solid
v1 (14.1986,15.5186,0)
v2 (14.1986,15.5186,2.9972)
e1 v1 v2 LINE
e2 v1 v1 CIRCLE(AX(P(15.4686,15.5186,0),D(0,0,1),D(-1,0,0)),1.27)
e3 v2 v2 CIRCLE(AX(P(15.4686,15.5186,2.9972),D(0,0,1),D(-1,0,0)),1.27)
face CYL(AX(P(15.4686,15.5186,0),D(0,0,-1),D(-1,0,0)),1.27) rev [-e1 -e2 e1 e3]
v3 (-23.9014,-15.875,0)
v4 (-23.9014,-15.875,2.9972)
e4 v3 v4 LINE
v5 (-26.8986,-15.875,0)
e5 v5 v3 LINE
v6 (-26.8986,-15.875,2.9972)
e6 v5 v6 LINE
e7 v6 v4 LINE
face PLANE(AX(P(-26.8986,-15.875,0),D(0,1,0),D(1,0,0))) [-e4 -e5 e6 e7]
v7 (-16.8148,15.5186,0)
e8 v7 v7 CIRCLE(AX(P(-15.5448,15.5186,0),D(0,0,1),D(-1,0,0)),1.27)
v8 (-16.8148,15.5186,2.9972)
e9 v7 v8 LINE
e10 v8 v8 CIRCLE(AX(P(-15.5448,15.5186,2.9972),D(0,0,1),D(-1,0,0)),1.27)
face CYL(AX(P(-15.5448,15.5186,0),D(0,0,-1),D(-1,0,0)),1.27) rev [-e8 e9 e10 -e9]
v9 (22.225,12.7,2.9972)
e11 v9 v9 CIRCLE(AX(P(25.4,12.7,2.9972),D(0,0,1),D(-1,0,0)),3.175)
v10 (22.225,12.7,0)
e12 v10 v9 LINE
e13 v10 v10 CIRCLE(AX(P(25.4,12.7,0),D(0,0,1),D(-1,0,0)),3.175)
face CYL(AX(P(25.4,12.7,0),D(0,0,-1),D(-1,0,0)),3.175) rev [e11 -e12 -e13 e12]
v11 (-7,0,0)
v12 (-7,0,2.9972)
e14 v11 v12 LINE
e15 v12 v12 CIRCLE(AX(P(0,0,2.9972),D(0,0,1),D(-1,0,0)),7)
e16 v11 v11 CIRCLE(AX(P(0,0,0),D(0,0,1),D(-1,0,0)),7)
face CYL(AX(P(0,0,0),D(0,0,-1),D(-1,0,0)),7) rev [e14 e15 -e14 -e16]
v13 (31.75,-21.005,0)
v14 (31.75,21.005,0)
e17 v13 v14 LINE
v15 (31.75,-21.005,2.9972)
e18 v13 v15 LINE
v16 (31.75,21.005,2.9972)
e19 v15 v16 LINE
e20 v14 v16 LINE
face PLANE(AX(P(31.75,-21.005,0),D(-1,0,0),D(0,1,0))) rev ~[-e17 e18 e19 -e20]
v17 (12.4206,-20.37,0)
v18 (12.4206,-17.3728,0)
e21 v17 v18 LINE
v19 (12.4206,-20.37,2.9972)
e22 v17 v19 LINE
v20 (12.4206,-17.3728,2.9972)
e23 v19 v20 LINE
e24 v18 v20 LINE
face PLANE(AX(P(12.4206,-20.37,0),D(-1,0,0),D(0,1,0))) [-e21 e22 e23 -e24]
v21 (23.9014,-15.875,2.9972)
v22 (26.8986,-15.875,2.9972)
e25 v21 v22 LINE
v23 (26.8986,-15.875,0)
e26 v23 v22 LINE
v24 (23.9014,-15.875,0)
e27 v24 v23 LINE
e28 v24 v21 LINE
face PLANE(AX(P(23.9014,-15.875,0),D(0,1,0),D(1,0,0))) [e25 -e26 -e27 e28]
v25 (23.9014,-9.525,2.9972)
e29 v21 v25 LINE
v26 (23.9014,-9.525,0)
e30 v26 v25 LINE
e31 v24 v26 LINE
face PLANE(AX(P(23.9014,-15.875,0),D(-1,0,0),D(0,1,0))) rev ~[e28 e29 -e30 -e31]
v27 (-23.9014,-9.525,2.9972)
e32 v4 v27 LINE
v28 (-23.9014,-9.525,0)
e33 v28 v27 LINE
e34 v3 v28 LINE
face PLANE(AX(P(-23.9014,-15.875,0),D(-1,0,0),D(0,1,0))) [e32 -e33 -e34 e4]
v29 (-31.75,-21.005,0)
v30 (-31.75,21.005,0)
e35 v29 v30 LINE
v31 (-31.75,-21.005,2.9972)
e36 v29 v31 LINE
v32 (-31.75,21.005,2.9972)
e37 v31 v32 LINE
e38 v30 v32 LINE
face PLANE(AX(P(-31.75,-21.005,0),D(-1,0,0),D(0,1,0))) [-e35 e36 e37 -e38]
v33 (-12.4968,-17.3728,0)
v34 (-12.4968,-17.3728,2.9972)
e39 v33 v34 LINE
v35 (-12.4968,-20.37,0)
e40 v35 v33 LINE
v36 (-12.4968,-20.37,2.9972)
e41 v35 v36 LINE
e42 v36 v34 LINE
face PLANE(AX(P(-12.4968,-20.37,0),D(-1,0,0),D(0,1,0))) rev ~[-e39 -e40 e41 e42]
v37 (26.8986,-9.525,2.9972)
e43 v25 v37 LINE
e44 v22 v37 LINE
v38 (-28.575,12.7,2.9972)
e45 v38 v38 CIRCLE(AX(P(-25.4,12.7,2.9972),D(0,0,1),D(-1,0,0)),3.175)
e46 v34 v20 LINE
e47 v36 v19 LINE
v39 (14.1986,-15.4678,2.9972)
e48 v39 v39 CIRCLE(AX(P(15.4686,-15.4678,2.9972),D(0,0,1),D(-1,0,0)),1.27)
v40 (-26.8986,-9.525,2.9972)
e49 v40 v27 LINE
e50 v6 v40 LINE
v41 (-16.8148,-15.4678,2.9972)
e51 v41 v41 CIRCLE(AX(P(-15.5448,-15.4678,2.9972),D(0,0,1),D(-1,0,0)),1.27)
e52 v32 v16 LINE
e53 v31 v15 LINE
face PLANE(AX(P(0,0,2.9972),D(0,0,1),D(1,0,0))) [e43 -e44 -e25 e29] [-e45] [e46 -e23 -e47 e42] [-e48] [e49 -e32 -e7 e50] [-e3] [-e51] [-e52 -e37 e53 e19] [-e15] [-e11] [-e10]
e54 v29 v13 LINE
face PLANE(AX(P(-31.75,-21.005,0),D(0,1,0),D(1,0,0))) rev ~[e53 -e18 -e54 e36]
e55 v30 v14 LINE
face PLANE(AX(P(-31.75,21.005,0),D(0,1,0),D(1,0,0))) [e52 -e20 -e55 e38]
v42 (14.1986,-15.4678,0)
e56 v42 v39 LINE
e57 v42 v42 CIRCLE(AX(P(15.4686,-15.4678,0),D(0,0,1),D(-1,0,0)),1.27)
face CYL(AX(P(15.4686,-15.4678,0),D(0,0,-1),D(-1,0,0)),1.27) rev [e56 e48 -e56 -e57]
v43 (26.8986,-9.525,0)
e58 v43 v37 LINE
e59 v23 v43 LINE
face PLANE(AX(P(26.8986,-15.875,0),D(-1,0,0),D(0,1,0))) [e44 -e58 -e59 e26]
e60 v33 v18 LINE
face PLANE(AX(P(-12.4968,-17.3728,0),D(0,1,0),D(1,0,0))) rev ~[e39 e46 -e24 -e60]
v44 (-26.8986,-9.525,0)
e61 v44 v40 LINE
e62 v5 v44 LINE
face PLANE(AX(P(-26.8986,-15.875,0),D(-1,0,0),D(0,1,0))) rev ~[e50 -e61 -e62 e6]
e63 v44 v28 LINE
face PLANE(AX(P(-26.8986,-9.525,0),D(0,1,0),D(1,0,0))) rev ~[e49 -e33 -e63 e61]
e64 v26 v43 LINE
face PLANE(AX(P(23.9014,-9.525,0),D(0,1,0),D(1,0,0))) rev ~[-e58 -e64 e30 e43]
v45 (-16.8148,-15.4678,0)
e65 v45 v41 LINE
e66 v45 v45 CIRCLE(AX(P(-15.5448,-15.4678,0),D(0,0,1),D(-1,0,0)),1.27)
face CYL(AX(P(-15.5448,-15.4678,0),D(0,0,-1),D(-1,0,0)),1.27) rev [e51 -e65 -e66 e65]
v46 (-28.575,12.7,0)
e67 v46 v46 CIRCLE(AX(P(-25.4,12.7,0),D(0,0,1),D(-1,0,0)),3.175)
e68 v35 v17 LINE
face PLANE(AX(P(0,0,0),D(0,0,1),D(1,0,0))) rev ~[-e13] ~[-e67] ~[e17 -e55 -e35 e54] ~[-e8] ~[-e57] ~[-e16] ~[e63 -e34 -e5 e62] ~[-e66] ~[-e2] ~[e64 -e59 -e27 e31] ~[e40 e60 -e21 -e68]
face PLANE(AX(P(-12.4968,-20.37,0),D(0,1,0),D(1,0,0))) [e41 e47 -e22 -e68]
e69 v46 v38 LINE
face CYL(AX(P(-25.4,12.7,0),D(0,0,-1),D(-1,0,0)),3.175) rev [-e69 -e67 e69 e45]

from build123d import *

# Parameters (mm, degrees)
SKETCH1_W           = 63.5
SKETCH1_H           = 42.01
SKETCH1_R           = 1.27
SKETCH1_R_2         = 3.175
SKETCH1_R_3         = 7
SKETCH1_W_2         = 24.9174
SKETCH1_H_2         = 2.9972
SKETCH1_W_3         = 2.9972
SKETCH1_H_3         = 6.35
BOSS_EXTRUDE1_DEPTH = 2.9972


with BuildPart() as part:
    # Sketch1 → Boss-Extrude1 (new body)
    with BuildSketch(Plane.XY):
        Rectangle(SKETCH1_W, SKETCH1_H)
        with Locations(Location((-15.5448, -15.4678, 0), (0, 0, 180))):
            Circle(SKETCH1_R, mode=Mode.SUBTRACT)
        with Locations(Location((15.4686, -15.4678, 0), (0, 0, 180))):
            Circle(SKETCH1_R, mode=Mode.SUBTRACT)
        with Locations(Location((15.4686, 15.5186, 0), (0, 0, 180))):
            Circle(SKETCH1_R, mode=Mode.SUBTRACT)
        with Locations(Location((-15.5448, 15.5186, 0), (0, 0, 180))):
            Circle(SKETCH1_R, mode=Mode.SUBTRACT)
        with Locations(Location((25.4, 12.7, 0), (0, 0, 180))):
            Circle(SKETCH1_R_2, mode=Mode.SUBTRACT)
        with Locations(Location((0, 0, 0), (0, 0, 180))):
            Circle(SKETCH1_R_3, mode=Mode.SUBTRACT)
        with Locations(Location((-25.4, 12.7, 0), (0, 0, 180))):
            Circle(SKETCH1_R_2, mode=Mode.SUBTRACT)
        with Locations((-0.0381, -18.8714)):
            Rectangle(SKETCH1_W_2, SKETCH1_H_2, mode=Mode.SUBTRACT)
        with Locations((-25.4, -12.7)):
            Rectangle(SKETCH1_W_3, SKETCH1_H_3, mode=Mode.SUBTRACT)
        with Locations((25.4, -12.7)):
            Rectangle(SKETCH1_W_3, SKETCH1_H_3, mode=Mode.SUBTRACT)
    extrude(amount=BOSS_EXTRUDE1_DEPTH)


solid = part.part
